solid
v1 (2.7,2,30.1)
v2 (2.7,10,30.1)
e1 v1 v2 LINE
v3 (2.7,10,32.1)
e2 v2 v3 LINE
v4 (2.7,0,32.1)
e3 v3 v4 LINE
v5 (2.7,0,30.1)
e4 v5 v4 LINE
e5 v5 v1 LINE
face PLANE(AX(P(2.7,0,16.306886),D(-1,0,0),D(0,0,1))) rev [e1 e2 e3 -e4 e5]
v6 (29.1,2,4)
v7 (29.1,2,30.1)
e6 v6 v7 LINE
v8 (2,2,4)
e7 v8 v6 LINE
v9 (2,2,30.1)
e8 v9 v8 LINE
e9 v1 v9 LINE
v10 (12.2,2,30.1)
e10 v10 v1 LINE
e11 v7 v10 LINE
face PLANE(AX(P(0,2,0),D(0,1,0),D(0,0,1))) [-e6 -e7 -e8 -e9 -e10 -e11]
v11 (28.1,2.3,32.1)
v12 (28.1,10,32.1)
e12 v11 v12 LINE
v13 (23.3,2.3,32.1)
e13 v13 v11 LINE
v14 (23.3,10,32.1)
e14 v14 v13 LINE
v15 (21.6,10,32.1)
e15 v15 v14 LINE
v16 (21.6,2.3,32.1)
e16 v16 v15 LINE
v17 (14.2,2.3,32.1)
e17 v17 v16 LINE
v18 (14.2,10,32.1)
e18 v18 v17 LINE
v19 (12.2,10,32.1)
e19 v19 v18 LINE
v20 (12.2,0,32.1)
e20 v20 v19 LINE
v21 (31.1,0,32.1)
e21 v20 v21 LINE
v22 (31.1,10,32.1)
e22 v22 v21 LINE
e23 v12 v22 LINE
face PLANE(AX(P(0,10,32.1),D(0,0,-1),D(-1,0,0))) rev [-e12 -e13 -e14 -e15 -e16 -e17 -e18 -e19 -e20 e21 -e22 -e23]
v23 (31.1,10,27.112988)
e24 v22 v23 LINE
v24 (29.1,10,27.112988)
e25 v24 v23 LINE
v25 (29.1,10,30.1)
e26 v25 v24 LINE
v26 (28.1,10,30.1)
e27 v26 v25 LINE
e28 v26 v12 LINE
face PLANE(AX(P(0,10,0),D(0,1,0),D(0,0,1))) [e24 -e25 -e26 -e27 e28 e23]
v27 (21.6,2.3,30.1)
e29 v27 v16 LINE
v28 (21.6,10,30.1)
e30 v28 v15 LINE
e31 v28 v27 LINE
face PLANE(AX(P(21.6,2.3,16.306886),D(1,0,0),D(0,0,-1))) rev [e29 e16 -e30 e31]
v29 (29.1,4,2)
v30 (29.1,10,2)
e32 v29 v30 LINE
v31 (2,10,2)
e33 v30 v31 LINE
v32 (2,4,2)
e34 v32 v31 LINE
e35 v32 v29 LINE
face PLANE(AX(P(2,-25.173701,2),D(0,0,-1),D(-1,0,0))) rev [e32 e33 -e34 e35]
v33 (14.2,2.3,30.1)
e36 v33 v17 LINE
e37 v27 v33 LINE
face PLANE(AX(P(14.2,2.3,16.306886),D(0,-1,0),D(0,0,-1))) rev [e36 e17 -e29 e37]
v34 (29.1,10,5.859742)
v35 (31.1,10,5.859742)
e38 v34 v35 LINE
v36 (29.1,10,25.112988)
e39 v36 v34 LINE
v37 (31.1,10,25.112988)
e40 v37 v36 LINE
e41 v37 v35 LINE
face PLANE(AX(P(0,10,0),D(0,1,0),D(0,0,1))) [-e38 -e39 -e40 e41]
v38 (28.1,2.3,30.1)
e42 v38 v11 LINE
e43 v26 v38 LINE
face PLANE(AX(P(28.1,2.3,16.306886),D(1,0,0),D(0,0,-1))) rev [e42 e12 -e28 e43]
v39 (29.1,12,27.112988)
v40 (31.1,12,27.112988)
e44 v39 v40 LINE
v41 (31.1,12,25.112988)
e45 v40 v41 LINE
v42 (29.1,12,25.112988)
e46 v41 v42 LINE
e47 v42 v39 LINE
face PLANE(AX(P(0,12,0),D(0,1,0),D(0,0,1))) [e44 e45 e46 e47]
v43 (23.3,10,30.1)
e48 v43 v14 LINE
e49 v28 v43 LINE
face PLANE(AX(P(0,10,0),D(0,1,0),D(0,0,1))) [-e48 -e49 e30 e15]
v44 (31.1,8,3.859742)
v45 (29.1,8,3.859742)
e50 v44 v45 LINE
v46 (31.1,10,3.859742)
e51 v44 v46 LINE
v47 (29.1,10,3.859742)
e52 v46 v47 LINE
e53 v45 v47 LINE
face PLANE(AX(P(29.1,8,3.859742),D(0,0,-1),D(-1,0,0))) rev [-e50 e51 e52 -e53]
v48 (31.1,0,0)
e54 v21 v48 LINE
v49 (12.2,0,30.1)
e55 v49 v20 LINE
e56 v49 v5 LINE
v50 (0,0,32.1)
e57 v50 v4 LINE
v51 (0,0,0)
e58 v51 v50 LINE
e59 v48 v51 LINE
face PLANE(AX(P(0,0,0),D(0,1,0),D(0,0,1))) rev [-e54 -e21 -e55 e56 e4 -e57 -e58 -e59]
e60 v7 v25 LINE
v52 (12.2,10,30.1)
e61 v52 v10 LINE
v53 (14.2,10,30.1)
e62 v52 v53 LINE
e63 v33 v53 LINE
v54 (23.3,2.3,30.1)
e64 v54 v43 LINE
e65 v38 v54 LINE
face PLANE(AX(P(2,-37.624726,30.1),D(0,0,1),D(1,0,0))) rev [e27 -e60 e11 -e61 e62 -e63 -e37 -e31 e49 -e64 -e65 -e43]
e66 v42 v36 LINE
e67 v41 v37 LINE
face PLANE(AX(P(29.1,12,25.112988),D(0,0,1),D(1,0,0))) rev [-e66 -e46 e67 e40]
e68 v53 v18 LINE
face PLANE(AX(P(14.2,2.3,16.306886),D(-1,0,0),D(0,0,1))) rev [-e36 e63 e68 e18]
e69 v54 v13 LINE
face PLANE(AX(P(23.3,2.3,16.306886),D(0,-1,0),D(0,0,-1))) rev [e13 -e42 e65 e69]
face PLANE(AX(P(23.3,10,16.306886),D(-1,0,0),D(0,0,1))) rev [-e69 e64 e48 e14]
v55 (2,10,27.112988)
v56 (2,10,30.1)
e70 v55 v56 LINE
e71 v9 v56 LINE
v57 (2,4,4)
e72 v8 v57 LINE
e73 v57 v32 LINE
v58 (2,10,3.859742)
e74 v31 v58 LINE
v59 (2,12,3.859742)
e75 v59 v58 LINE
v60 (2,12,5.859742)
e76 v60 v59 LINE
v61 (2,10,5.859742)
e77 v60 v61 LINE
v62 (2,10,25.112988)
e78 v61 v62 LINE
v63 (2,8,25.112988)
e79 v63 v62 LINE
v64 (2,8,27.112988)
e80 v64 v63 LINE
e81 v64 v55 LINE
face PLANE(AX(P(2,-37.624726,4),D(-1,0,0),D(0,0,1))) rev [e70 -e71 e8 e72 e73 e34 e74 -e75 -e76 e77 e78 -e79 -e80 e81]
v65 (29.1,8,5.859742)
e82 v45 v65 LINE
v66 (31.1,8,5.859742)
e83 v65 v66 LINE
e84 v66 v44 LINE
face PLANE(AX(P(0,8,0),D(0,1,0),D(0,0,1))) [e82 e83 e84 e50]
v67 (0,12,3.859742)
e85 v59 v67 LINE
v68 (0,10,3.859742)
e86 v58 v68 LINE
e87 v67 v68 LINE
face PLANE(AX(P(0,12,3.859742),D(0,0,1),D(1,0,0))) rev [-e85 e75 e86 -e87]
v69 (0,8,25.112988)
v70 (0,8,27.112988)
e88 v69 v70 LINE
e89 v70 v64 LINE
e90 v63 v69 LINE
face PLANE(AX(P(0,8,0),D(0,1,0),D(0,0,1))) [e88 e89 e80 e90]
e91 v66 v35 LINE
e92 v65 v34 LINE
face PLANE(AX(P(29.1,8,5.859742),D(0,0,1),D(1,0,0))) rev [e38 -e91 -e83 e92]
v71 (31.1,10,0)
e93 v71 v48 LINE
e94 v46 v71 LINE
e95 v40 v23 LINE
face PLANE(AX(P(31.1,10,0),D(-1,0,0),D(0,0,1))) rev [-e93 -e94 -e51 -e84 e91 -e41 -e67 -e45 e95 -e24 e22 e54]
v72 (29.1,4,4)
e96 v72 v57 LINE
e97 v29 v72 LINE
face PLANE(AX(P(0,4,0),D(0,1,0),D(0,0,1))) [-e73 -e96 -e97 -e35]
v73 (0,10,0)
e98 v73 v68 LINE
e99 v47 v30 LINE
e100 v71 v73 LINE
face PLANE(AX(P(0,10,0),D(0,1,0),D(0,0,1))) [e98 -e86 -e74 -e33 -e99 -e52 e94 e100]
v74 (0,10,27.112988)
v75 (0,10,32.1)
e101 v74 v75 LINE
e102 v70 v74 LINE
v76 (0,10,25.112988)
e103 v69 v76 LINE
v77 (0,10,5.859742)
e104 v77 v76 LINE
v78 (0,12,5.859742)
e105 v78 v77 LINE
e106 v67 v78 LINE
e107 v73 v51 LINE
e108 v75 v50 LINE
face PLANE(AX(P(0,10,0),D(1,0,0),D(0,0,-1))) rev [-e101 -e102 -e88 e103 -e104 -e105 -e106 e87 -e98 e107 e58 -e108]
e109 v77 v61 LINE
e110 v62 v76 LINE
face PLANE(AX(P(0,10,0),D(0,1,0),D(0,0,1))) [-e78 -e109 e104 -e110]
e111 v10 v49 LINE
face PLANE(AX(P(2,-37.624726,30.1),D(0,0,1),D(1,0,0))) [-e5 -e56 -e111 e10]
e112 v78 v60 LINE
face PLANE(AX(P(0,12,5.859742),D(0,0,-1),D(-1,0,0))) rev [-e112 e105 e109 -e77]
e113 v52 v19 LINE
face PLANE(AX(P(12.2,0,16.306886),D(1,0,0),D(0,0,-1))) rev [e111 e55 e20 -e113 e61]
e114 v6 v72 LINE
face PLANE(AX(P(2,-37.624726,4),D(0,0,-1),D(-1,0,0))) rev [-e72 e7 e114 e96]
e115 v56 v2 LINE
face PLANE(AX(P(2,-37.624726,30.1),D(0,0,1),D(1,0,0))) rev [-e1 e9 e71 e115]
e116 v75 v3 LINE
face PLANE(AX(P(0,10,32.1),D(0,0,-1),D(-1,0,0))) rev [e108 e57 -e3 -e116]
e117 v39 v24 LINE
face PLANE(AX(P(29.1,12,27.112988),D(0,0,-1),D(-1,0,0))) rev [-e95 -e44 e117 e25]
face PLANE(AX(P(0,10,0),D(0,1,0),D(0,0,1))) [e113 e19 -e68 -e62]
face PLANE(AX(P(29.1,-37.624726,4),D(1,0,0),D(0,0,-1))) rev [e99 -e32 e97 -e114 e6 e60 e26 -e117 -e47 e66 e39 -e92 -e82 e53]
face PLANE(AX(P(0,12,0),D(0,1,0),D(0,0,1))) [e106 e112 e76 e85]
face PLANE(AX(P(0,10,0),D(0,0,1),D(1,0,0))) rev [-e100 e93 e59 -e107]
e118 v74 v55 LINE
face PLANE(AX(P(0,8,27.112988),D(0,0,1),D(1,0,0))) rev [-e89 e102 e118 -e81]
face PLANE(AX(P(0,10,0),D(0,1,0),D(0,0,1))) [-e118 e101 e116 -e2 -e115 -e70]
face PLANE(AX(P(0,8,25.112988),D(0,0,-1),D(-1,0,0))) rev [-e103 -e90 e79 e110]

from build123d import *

# Parameters (mm, degrees)
SKETCH3_W            = 31.1
SKETCH3_H            = 32.1
SHELL_DEPTH          = 10
SKETCH4_W            = 27.1
SKETCH4_H            = 26.1
MAIN_CAVITY_DEPTH    = 8
SKETCH5_W            = 27.1
SKETCH5_H            = 2
SUPPORT_SHELF_DEPTH  = 6
SKETCH6_W            = 4.8
SKETCH6_H            = 7.7
SKETCH6_W_2          = 7.4
SKETCH6_W_3          = 9.5
SKETCH6_H_2          = 10
TERMINAL_INPUT_DEPTH = 2
SKETCH7_W            = 2
SKETCH7_H            = 2
MALE_TABS_DEPTH      = 2
SKETCH8_W            = 2
SKETCH8_H            = 2
CUT_EXTRUDE4_DEPTH   = 2


with BuildPart() as part:
    # Sketch3 → Shell (new body)
    with BuildSketch(Plane(origin=(0, 0, 0), x_dir=(1, 0, 0), z_dir=(0, 1, 0))):
        with Locations((15.55, -16.05)):
            Rectangle(SKETCH3_W, SKETCH3_H)
    extrude(amount=SHELL_DEPTH)

    # Sketch4 → Main Cavity (cut)
    with BuildSketch(Plane(origin=(0, 10, 0), x_dir=(1, 0, 0), z_dir=(0, 1, 0))):
        with Locations((15.55, -17.05)):
            Rectangle(SKETCH4_W, SKETCH4_H)
    extrude(amount=-MAIN_CAVITY_DEPTH, mode=Mode.SUBTRACT)

    # Sketch5 → Support Shelf (cut)
    with BuildSketch(Plane(origin=(0, 10, 0), x_dir=(1, 0, 0), z_dir=(0, 1, 0))):
        with Locations((15.55, -3)):
            Rectangle(SKETCH5_W, SKETCH5_H)
    extrude(amount=-SUPPORT_SHELF_DEPTH, mode=Mode.SUBTRACT)

    # Sketch6 → Terminal Input (cut)
    with BuildSketch(Plane.XY.offset(32.1)):
        with Locations((25.7, 6.15)):
            Rectangle(SKETCH6_W, SKETCH6_H)
        with Locations((17.9, 6.15)):
            Rectangle(SKETCH6_W_2, SKETCH6_H)
        with Locations((7.45, 5)):
            Rectangle(SKETCH6_W_3, SKETCH6_H_2)
    extrude(amount=-TERMINAL_INPUT_DEPTH, mode=Mode.SUBTRACT)

    # Sketch7 → Male Tabs (add)
    with BuildSketch(Plane(origin=(0, 10, 0), x_dir=(1, 0, 0), z_dir=(0, 1, 0))):
        with Locations((30.1, -26.112988121)):
            Rectangle(SKETCH7_W, SKETCH7_H)
        with Locations((1, -4.859742299)):
            Rectangle(SKETCH7_W, SKETCH7_H)
    extrude(amount=MALE_TABS_DEPTH)

    # Sketch8 → Cut-Extrude4 (cut)
    with BuildSketch(Plane(origin=(0, 10, 0), x_dir=(1, 0, 0), z_dir=(0, 1, 0))):
        with Locations((30.1, -4.859742299)):
            Rectangle(SKETCH8_W, SKETCH8_H)
        with Locations((1, -26.112988121)):
            Rectangle(SKETCH8_W, SKETCH8_H)
    extrude(amount=-CUT_EXTRUDE4_DEPTH, mode=Mode.SUBTRACT)


solid = part.part
